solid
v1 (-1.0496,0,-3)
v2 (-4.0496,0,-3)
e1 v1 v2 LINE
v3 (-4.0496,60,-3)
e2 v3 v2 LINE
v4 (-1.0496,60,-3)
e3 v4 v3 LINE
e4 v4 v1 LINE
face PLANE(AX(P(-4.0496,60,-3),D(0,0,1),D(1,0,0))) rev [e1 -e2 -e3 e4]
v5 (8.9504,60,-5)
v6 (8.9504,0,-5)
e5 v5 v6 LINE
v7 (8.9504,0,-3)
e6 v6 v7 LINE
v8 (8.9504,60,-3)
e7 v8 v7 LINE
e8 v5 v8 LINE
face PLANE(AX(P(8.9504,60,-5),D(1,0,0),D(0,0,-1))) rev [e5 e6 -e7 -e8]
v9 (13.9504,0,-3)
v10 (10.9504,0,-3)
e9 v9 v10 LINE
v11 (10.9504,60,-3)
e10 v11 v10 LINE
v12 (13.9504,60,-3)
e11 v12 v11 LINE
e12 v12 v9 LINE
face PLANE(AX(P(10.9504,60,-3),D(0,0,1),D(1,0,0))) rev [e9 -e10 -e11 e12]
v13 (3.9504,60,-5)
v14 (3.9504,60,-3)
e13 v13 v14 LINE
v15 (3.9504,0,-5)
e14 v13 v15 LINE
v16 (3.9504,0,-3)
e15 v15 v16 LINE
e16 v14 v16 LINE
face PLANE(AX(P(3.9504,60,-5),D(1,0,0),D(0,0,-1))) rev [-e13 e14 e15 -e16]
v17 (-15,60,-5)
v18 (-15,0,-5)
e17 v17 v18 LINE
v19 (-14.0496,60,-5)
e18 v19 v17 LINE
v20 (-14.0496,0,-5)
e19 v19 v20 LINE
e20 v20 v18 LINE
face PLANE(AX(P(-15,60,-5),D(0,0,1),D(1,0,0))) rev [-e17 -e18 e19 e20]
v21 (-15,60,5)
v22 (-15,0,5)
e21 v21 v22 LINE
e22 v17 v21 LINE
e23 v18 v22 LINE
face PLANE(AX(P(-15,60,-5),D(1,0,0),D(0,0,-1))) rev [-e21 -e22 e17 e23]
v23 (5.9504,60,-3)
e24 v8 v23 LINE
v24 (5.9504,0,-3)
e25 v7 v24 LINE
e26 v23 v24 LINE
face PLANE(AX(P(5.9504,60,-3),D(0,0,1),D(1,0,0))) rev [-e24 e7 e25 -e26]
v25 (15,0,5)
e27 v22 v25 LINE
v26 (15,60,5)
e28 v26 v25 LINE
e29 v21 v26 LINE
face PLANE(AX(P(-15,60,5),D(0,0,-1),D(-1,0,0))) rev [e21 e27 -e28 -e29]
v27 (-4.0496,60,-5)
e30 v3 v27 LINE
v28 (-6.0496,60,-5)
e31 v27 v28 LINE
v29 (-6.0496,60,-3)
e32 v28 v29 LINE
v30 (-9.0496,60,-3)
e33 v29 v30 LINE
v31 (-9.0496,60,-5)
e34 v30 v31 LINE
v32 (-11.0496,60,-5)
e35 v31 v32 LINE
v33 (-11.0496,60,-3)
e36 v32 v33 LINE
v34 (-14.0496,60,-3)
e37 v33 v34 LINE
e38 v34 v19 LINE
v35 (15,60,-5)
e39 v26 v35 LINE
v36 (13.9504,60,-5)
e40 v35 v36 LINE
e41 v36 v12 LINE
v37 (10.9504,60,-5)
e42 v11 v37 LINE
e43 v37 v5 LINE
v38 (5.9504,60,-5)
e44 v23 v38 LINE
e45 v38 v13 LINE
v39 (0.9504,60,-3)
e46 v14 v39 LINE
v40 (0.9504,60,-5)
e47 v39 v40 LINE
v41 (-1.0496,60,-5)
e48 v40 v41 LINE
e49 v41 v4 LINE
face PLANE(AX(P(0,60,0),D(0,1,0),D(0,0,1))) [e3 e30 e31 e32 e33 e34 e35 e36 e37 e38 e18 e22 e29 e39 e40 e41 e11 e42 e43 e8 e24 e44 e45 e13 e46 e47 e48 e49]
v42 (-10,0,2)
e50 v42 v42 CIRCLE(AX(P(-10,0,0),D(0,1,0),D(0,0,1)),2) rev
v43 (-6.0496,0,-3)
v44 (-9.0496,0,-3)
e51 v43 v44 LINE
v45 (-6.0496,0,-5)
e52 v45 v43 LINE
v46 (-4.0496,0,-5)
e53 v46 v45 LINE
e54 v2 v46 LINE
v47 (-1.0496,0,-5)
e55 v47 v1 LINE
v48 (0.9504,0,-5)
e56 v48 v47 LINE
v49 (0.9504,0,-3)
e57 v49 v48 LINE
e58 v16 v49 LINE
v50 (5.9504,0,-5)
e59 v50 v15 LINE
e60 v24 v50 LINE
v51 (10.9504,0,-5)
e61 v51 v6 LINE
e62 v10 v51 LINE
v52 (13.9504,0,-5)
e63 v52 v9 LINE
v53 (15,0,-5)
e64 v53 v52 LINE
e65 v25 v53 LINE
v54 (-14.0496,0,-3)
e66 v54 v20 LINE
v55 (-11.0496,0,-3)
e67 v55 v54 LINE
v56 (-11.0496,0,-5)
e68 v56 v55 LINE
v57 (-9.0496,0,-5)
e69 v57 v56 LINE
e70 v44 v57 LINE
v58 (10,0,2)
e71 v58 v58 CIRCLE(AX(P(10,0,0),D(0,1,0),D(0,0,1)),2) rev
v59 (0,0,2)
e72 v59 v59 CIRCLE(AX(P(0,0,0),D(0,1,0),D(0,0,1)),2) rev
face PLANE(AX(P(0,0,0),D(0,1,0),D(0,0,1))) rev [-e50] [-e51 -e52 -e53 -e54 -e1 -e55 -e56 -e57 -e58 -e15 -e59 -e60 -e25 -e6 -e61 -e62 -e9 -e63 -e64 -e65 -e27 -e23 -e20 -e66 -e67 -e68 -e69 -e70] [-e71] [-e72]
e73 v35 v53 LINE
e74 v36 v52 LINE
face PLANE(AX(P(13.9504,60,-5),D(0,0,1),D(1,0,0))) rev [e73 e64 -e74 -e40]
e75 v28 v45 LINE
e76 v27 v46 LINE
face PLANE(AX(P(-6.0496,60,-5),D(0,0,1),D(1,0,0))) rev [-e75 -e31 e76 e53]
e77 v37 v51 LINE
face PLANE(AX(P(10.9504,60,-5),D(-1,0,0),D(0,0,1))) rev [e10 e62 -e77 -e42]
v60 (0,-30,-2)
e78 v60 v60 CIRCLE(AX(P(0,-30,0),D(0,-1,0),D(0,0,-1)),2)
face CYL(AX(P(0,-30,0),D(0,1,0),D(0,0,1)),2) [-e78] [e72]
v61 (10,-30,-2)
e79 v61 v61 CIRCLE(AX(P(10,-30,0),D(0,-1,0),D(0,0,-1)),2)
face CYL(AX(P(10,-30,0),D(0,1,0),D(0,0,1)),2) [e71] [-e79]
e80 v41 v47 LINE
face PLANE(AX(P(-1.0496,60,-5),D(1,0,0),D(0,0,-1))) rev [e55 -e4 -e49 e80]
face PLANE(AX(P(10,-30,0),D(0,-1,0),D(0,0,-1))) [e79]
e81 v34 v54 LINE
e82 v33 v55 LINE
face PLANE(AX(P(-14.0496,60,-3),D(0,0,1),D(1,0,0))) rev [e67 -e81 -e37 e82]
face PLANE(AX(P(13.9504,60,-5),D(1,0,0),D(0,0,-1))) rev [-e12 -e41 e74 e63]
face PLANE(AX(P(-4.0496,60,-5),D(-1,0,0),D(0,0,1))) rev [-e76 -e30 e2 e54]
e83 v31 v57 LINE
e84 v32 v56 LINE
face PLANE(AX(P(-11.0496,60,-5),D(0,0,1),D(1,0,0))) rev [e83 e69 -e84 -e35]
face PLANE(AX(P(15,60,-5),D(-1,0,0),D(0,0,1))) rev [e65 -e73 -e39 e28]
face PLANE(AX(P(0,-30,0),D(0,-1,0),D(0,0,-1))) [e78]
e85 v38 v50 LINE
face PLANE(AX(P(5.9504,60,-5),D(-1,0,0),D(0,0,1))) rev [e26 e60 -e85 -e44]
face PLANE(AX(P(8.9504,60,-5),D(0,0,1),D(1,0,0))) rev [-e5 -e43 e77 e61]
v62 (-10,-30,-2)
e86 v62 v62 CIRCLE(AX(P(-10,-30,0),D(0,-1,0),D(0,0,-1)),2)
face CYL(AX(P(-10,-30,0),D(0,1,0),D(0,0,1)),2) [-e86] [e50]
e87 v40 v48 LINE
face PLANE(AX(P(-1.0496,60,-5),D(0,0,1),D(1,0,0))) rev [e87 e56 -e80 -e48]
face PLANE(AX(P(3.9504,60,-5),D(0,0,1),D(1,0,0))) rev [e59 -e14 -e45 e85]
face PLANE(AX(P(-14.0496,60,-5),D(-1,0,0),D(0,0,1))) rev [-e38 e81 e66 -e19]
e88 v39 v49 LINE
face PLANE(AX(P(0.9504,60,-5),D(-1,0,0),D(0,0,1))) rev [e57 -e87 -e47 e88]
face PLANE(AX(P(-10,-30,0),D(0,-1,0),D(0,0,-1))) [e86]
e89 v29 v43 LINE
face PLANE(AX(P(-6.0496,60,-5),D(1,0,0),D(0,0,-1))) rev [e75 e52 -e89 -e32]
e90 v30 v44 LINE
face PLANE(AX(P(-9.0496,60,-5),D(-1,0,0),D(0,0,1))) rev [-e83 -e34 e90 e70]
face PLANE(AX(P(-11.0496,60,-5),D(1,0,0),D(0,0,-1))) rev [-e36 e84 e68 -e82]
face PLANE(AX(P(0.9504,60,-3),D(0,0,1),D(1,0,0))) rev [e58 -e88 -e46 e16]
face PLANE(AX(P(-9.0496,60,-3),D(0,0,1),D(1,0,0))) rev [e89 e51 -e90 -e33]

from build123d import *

# Parameters (mm, degrees)
BOSS_EXTRUDE1_DEPTH = 60
SKETCH2_R           = 2
BOSS_EXTRUDE2_DEPTH = 30


with BuildPart() as part:
    # Sketch1 → Boss-Extrude1 (new body)
    with BuildSketch(Plane(origin=(0, 0, 0), x_dir=(1, 0, 0), z_dir=(0, 1, 0))):
        Polygon((-15, 5), (-14.049599683, 5), (-14.049599683, 3), (-11.049599683, 3), (-11.049599683, 5), (-9.049599683, 5), (-9.049599683, 3), (-6.049599683, 3), (-6.049599683, 5), (-4.049599683, 5), (-4.049599683, 3), (-1.049599683, 3), (-1.049599683, 5), (0.950400317, 5), (0.950400317, 3), (3.950400317, 3), (3.950400317, 5), (5.950400317, 5), (5.950400317, 3), (8.950400317, 3), (8.950400317, 5), (10.950400317, 5), (10.950400317, 3), (13.950400317, 3), (13.950400317, 5), (15, 5), (15, -5), (-15, -5), align=None)
    extrude(amount=BOSS_EXTRUDE1_DEPTH)

    # Sketch2 → Boss-Extrude2 (add)
    with BuildSketch(Plane.XZ):
        with Locations(Location((0, 0, 0), (0, 0, 90))):
            Circle(SKETCH2_R)
        with Locations(Location((10, 0, 0), (0, 0, 90))):
            Circle(SKETCH2_R)
        with Locations(Location((-10, 0, 0), (0, 0, 90))):
            Circle(SKETCH2_R)
    extrude(amount=BOSS_EXTRUDE2_DEPTH)


solid = part.part
